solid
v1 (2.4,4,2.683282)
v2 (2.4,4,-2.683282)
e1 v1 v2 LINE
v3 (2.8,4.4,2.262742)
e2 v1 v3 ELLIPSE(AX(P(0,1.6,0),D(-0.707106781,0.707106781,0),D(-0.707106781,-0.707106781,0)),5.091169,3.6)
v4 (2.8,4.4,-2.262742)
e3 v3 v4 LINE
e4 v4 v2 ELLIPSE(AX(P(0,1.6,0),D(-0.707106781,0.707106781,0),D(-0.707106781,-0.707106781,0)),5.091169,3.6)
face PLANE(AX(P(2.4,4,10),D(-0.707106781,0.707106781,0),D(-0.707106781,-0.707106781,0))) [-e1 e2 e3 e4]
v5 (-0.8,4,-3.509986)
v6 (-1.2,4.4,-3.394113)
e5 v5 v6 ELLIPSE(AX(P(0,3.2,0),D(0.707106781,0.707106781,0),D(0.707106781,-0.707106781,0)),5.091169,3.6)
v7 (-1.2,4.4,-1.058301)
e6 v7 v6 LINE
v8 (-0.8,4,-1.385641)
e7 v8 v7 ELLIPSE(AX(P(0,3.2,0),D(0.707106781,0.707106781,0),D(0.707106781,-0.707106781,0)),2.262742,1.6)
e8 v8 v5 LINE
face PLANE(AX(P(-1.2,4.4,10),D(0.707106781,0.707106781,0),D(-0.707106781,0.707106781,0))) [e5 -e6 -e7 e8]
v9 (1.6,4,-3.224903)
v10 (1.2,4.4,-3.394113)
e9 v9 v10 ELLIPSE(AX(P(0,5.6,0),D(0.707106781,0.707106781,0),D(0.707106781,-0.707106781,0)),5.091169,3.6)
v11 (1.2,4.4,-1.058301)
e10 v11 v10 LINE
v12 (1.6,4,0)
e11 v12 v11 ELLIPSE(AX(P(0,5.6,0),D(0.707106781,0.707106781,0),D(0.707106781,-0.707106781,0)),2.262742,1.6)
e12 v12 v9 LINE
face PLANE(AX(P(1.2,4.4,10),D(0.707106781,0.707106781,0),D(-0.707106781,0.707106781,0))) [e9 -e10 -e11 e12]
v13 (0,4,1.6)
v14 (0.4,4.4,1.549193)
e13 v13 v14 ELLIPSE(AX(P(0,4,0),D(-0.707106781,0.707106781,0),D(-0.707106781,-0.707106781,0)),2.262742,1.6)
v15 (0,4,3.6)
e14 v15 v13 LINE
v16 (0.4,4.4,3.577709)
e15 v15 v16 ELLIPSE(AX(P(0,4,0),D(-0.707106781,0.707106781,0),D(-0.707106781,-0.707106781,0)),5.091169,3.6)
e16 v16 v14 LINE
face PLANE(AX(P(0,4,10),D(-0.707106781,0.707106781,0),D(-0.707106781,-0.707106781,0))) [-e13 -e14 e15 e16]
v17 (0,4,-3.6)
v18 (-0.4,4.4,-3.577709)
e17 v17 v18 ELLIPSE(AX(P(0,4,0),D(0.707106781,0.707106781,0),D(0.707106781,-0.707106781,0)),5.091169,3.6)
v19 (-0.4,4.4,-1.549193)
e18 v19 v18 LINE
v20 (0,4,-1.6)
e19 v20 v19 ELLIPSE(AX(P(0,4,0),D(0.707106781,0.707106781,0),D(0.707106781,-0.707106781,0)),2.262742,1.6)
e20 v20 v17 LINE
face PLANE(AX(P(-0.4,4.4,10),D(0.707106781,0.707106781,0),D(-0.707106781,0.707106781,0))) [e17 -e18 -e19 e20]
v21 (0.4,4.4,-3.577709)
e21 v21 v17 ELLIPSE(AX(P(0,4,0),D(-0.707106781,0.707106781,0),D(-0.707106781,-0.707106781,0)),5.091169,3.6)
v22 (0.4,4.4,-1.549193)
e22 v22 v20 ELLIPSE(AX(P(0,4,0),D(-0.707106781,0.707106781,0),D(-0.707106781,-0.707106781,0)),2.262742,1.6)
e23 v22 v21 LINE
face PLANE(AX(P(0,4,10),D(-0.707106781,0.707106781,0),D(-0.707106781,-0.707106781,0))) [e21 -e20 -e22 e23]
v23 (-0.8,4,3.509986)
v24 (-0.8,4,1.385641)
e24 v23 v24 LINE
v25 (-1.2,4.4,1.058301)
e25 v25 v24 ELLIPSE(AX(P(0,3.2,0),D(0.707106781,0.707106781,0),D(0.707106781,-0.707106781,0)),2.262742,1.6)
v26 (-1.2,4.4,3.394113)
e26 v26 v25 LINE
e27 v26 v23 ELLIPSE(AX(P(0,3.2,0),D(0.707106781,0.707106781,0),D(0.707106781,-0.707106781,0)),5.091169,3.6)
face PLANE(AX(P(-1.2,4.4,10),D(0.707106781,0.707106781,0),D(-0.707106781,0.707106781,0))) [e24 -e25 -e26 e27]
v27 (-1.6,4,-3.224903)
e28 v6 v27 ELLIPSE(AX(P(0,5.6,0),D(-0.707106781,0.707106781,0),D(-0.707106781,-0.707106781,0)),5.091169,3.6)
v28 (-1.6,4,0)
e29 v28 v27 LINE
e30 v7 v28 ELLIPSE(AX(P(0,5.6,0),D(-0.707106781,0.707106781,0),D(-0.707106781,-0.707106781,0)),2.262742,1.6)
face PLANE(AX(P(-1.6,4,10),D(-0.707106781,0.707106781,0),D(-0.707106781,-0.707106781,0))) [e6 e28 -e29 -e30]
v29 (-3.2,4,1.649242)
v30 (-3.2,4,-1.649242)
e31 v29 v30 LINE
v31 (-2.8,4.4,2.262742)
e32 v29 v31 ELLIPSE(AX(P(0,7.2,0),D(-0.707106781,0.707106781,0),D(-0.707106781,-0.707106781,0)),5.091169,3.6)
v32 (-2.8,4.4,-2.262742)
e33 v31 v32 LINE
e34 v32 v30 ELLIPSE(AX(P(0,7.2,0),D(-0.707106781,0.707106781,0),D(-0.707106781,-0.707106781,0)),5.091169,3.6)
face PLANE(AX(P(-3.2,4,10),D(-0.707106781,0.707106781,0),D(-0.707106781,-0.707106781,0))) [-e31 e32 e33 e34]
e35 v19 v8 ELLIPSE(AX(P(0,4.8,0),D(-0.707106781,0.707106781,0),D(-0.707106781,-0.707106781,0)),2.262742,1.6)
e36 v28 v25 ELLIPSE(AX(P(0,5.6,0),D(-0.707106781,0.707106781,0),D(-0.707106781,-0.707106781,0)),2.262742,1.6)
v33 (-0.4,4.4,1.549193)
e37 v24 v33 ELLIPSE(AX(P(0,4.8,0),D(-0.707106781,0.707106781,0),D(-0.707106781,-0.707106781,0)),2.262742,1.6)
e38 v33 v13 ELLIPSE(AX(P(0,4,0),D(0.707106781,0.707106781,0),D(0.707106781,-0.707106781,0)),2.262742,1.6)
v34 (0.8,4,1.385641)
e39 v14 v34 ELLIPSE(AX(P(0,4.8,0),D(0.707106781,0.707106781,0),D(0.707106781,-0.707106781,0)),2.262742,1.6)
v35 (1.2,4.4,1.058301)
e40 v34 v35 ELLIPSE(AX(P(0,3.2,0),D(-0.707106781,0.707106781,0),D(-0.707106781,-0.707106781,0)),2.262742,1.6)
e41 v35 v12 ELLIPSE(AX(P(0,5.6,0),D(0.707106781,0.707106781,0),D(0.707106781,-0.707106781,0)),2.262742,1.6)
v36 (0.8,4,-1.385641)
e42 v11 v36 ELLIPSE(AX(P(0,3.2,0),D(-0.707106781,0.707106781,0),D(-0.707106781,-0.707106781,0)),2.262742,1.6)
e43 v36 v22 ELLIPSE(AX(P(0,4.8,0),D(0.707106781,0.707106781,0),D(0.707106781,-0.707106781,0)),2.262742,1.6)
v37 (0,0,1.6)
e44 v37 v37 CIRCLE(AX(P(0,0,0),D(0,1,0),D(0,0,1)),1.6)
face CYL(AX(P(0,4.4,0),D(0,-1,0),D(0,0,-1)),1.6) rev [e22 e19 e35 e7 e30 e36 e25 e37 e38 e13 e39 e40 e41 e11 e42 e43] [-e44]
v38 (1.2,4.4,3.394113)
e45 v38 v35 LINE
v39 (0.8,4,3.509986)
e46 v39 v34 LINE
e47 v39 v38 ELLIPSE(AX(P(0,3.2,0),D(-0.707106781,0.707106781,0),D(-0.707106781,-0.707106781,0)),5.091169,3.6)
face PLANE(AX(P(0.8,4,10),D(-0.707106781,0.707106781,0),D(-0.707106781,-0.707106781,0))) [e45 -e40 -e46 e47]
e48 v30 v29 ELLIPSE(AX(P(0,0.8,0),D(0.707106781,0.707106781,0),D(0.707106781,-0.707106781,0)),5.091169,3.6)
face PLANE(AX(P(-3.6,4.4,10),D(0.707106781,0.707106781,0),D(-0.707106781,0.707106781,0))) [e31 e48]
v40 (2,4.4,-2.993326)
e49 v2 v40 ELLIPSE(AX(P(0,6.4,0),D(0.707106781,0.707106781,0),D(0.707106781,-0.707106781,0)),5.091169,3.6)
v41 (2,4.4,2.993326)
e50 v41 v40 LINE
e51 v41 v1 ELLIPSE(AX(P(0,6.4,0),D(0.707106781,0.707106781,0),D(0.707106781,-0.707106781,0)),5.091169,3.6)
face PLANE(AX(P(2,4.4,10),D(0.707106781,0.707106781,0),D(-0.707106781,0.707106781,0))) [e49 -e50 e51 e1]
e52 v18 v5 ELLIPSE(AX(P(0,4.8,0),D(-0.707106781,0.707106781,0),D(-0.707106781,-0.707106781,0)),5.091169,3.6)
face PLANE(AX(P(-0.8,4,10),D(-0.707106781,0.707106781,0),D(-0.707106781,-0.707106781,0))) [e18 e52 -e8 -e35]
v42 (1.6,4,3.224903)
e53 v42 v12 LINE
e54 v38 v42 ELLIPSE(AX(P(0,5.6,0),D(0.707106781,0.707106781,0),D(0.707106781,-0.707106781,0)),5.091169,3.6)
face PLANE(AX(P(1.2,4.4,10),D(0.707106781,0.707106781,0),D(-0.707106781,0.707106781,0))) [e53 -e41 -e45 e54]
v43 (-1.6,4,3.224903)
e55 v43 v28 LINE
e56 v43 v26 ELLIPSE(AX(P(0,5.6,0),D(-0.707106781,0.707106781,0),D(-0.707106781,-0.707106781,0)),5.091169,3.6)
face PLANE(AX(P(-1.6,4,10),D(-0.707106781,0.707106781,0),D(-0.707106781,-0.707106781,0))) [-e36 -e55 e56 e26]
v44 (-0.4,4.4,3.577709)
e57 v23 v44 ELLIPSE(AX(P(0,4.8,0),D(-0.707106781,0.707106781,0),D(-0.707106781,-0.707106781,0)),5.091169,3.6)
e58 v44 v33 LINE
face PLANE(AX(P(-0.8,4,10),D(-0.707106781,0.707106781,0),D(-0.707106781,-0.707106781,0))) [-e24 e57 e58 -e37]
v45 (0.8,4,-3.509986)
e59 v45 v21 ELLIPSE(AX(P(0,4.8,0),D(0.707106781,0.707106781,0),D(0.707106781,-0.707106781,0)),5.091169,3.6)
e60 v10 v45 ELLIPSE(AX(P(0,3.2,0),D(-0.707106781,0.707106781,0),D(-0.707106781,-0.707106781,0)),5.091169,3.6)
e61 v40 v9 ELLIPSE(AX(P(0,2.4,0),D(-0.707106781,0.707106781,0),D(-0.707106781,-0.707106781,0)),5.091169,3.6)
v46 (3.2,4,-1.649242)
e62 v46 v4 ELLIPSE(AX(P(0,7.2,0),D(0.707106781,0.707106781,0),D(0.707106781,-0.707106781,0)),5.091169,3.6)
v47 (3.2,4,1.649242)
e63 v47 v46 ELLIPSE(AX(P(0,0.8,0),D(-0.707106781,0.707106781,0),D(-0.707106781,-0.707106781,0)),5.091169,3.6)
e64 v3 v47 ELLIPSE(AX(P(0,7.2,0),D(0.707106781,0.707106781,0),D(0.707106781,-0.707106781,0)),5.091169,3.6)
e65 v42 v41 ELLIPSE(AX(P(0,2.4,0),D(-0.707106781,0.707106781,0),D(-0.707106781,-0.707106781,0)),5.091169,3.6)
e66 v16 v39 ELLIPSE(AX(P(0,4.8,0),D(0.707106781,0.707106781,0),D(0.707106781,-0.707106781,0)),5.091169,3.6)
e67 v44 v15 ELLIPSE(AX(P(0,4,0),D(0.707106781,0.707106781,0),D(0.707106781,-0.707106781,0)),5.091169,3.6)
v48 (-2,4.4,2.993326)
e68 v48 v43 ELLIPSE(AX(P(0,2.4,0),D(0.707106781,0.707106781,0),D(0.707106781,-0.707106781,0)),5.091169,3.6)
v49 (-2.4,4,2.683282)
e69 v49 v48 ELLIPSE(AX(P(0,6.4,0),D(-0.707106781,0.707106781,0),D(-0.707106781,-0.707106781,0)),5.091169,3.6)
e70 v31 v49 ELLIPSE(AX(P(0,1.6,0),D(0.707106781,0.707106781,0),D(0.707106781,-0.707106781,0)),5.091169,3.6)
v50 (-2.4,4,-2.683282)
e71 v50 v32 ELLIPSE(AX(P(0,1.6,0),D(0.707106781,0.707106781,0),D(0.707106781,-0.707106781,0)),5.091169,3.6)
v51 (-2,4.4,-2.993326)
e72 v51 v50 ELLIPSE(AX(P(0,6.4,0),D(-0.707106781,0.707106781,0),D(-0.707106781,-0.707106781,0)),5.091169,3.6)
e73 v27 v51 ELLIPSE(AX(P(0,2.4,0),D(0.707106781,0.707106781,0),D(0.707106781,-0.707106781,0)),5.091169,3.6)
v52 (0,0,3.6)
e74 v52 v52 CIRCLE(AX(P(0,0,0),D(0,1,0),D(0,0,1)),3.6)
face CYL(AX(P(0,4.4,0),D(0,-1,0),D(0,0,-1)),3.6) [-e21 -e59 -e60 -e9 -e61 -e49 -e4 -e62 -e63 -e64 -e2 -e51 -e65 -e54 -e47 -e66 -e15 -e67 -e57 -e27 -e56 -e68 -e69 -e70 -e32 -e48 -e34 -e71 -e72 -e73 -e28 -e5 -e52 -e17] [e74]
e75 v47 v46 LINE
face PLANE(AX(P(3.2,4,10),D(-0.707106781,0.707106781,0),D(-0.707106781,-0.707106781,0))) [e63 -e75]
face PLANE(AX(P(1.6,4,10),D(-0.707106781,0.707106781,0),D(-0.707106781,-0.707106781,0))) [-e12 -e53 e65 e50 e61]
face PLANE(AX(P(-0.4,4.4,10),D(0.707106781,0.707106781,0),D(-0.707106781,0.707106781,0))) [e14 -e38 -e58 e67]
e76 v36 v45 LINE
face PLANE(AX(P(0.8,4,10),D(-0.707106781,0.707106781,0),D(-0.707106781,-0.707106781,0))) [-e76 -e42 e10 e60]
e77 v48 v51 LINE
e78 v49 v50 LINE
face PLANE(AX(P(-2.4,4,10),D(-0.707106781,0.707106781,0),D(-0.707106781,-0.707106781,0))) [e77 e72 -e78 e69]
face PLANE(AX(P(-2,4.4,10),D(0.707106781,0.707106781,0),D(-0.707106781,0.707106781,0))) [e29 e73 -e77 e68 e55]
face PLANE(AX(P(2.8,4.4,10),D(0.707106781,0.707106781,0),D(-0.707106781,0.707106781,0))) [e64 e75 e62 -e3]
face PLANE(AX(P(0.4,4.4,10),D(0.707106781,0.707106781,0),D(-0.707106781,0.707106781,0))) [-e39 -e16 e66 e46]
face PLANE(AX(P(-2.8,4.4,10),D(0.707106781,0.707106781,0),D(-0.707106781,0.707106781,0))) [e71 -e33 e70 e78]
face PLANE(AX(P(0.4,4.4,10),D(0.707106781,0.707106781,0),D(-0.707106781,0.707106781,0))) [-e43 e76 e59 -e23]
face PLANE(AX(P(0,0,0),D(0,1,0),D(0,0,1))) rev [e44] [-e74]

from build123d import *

# Parameters (mm, degrees)
SKETCH_1_R               = 3.6
SKETCH_1_R_2             = 1.6
EXTRUDE_1_DEPTH          = 4.4
CUT_EXTRUDE_1_DEPTH      = 10
CUT_EXTRUDE_1_DEPTH_BACK = 10


with BuildPart() as part:
    # 草图1 → 凸台-拉伸1 (new body)
    with BuildSketch(Plane(origin=(0, 0, 0), x_dir=(1, 0, 0), z_dir=(0, 1, 0))):
        Circle(SKETCH_1_R)
        Circle(SKETCH_1_R_2, mode=Mode.SUBTRACT)
    extrude(amount=EXTRUDE_1_DEPTH)

    # 草图2 → 切除-拉伸1 (cut, two sides: drawn at the far end of the back side and taken through both)
    with BuildSketch(Plane.XY.offset(-CUT_EXTRUDE_1_DEPTH_BACK)):
        Polygon((-2.8, 4.4), (-3.6, 4.4), (-3.2, 4), align=None)
        Polygon((3.6, 4.4), (2.8, 4.4), (3.2, 4), align=None)
        Polygon((2.8, 4.4), (2, 4.4), (2.4, 4), align=None)
        Polygon((2, 4.4), (1.2, 4.4), (1.6, 4), align=None)
        Polygon((1.2, 4.4), (0.4, 4.4), (0.8, 4), align=None)
        Polygon((0.4, 4.4), (-0.4, 4.4), (0, 4), align=None)
        Polygon((-0.4, 4.4), (-1.2, 4.4), (-0.8, 4), align=None)
        Polygon((-1.2, 4.4), (-2, 4.4), (-1.6, 4), align=None)
        Polygon((-2, 4.4), (-2.8, 4.4), (-2.4, 4), align=None)
    extrude(amount=CUT_EXTRUDE_1_DEPTH + CUT_EXTRUDE_1_DEPTH_BACK, mode=Mode.SUBTRACT)


solid = part.part
